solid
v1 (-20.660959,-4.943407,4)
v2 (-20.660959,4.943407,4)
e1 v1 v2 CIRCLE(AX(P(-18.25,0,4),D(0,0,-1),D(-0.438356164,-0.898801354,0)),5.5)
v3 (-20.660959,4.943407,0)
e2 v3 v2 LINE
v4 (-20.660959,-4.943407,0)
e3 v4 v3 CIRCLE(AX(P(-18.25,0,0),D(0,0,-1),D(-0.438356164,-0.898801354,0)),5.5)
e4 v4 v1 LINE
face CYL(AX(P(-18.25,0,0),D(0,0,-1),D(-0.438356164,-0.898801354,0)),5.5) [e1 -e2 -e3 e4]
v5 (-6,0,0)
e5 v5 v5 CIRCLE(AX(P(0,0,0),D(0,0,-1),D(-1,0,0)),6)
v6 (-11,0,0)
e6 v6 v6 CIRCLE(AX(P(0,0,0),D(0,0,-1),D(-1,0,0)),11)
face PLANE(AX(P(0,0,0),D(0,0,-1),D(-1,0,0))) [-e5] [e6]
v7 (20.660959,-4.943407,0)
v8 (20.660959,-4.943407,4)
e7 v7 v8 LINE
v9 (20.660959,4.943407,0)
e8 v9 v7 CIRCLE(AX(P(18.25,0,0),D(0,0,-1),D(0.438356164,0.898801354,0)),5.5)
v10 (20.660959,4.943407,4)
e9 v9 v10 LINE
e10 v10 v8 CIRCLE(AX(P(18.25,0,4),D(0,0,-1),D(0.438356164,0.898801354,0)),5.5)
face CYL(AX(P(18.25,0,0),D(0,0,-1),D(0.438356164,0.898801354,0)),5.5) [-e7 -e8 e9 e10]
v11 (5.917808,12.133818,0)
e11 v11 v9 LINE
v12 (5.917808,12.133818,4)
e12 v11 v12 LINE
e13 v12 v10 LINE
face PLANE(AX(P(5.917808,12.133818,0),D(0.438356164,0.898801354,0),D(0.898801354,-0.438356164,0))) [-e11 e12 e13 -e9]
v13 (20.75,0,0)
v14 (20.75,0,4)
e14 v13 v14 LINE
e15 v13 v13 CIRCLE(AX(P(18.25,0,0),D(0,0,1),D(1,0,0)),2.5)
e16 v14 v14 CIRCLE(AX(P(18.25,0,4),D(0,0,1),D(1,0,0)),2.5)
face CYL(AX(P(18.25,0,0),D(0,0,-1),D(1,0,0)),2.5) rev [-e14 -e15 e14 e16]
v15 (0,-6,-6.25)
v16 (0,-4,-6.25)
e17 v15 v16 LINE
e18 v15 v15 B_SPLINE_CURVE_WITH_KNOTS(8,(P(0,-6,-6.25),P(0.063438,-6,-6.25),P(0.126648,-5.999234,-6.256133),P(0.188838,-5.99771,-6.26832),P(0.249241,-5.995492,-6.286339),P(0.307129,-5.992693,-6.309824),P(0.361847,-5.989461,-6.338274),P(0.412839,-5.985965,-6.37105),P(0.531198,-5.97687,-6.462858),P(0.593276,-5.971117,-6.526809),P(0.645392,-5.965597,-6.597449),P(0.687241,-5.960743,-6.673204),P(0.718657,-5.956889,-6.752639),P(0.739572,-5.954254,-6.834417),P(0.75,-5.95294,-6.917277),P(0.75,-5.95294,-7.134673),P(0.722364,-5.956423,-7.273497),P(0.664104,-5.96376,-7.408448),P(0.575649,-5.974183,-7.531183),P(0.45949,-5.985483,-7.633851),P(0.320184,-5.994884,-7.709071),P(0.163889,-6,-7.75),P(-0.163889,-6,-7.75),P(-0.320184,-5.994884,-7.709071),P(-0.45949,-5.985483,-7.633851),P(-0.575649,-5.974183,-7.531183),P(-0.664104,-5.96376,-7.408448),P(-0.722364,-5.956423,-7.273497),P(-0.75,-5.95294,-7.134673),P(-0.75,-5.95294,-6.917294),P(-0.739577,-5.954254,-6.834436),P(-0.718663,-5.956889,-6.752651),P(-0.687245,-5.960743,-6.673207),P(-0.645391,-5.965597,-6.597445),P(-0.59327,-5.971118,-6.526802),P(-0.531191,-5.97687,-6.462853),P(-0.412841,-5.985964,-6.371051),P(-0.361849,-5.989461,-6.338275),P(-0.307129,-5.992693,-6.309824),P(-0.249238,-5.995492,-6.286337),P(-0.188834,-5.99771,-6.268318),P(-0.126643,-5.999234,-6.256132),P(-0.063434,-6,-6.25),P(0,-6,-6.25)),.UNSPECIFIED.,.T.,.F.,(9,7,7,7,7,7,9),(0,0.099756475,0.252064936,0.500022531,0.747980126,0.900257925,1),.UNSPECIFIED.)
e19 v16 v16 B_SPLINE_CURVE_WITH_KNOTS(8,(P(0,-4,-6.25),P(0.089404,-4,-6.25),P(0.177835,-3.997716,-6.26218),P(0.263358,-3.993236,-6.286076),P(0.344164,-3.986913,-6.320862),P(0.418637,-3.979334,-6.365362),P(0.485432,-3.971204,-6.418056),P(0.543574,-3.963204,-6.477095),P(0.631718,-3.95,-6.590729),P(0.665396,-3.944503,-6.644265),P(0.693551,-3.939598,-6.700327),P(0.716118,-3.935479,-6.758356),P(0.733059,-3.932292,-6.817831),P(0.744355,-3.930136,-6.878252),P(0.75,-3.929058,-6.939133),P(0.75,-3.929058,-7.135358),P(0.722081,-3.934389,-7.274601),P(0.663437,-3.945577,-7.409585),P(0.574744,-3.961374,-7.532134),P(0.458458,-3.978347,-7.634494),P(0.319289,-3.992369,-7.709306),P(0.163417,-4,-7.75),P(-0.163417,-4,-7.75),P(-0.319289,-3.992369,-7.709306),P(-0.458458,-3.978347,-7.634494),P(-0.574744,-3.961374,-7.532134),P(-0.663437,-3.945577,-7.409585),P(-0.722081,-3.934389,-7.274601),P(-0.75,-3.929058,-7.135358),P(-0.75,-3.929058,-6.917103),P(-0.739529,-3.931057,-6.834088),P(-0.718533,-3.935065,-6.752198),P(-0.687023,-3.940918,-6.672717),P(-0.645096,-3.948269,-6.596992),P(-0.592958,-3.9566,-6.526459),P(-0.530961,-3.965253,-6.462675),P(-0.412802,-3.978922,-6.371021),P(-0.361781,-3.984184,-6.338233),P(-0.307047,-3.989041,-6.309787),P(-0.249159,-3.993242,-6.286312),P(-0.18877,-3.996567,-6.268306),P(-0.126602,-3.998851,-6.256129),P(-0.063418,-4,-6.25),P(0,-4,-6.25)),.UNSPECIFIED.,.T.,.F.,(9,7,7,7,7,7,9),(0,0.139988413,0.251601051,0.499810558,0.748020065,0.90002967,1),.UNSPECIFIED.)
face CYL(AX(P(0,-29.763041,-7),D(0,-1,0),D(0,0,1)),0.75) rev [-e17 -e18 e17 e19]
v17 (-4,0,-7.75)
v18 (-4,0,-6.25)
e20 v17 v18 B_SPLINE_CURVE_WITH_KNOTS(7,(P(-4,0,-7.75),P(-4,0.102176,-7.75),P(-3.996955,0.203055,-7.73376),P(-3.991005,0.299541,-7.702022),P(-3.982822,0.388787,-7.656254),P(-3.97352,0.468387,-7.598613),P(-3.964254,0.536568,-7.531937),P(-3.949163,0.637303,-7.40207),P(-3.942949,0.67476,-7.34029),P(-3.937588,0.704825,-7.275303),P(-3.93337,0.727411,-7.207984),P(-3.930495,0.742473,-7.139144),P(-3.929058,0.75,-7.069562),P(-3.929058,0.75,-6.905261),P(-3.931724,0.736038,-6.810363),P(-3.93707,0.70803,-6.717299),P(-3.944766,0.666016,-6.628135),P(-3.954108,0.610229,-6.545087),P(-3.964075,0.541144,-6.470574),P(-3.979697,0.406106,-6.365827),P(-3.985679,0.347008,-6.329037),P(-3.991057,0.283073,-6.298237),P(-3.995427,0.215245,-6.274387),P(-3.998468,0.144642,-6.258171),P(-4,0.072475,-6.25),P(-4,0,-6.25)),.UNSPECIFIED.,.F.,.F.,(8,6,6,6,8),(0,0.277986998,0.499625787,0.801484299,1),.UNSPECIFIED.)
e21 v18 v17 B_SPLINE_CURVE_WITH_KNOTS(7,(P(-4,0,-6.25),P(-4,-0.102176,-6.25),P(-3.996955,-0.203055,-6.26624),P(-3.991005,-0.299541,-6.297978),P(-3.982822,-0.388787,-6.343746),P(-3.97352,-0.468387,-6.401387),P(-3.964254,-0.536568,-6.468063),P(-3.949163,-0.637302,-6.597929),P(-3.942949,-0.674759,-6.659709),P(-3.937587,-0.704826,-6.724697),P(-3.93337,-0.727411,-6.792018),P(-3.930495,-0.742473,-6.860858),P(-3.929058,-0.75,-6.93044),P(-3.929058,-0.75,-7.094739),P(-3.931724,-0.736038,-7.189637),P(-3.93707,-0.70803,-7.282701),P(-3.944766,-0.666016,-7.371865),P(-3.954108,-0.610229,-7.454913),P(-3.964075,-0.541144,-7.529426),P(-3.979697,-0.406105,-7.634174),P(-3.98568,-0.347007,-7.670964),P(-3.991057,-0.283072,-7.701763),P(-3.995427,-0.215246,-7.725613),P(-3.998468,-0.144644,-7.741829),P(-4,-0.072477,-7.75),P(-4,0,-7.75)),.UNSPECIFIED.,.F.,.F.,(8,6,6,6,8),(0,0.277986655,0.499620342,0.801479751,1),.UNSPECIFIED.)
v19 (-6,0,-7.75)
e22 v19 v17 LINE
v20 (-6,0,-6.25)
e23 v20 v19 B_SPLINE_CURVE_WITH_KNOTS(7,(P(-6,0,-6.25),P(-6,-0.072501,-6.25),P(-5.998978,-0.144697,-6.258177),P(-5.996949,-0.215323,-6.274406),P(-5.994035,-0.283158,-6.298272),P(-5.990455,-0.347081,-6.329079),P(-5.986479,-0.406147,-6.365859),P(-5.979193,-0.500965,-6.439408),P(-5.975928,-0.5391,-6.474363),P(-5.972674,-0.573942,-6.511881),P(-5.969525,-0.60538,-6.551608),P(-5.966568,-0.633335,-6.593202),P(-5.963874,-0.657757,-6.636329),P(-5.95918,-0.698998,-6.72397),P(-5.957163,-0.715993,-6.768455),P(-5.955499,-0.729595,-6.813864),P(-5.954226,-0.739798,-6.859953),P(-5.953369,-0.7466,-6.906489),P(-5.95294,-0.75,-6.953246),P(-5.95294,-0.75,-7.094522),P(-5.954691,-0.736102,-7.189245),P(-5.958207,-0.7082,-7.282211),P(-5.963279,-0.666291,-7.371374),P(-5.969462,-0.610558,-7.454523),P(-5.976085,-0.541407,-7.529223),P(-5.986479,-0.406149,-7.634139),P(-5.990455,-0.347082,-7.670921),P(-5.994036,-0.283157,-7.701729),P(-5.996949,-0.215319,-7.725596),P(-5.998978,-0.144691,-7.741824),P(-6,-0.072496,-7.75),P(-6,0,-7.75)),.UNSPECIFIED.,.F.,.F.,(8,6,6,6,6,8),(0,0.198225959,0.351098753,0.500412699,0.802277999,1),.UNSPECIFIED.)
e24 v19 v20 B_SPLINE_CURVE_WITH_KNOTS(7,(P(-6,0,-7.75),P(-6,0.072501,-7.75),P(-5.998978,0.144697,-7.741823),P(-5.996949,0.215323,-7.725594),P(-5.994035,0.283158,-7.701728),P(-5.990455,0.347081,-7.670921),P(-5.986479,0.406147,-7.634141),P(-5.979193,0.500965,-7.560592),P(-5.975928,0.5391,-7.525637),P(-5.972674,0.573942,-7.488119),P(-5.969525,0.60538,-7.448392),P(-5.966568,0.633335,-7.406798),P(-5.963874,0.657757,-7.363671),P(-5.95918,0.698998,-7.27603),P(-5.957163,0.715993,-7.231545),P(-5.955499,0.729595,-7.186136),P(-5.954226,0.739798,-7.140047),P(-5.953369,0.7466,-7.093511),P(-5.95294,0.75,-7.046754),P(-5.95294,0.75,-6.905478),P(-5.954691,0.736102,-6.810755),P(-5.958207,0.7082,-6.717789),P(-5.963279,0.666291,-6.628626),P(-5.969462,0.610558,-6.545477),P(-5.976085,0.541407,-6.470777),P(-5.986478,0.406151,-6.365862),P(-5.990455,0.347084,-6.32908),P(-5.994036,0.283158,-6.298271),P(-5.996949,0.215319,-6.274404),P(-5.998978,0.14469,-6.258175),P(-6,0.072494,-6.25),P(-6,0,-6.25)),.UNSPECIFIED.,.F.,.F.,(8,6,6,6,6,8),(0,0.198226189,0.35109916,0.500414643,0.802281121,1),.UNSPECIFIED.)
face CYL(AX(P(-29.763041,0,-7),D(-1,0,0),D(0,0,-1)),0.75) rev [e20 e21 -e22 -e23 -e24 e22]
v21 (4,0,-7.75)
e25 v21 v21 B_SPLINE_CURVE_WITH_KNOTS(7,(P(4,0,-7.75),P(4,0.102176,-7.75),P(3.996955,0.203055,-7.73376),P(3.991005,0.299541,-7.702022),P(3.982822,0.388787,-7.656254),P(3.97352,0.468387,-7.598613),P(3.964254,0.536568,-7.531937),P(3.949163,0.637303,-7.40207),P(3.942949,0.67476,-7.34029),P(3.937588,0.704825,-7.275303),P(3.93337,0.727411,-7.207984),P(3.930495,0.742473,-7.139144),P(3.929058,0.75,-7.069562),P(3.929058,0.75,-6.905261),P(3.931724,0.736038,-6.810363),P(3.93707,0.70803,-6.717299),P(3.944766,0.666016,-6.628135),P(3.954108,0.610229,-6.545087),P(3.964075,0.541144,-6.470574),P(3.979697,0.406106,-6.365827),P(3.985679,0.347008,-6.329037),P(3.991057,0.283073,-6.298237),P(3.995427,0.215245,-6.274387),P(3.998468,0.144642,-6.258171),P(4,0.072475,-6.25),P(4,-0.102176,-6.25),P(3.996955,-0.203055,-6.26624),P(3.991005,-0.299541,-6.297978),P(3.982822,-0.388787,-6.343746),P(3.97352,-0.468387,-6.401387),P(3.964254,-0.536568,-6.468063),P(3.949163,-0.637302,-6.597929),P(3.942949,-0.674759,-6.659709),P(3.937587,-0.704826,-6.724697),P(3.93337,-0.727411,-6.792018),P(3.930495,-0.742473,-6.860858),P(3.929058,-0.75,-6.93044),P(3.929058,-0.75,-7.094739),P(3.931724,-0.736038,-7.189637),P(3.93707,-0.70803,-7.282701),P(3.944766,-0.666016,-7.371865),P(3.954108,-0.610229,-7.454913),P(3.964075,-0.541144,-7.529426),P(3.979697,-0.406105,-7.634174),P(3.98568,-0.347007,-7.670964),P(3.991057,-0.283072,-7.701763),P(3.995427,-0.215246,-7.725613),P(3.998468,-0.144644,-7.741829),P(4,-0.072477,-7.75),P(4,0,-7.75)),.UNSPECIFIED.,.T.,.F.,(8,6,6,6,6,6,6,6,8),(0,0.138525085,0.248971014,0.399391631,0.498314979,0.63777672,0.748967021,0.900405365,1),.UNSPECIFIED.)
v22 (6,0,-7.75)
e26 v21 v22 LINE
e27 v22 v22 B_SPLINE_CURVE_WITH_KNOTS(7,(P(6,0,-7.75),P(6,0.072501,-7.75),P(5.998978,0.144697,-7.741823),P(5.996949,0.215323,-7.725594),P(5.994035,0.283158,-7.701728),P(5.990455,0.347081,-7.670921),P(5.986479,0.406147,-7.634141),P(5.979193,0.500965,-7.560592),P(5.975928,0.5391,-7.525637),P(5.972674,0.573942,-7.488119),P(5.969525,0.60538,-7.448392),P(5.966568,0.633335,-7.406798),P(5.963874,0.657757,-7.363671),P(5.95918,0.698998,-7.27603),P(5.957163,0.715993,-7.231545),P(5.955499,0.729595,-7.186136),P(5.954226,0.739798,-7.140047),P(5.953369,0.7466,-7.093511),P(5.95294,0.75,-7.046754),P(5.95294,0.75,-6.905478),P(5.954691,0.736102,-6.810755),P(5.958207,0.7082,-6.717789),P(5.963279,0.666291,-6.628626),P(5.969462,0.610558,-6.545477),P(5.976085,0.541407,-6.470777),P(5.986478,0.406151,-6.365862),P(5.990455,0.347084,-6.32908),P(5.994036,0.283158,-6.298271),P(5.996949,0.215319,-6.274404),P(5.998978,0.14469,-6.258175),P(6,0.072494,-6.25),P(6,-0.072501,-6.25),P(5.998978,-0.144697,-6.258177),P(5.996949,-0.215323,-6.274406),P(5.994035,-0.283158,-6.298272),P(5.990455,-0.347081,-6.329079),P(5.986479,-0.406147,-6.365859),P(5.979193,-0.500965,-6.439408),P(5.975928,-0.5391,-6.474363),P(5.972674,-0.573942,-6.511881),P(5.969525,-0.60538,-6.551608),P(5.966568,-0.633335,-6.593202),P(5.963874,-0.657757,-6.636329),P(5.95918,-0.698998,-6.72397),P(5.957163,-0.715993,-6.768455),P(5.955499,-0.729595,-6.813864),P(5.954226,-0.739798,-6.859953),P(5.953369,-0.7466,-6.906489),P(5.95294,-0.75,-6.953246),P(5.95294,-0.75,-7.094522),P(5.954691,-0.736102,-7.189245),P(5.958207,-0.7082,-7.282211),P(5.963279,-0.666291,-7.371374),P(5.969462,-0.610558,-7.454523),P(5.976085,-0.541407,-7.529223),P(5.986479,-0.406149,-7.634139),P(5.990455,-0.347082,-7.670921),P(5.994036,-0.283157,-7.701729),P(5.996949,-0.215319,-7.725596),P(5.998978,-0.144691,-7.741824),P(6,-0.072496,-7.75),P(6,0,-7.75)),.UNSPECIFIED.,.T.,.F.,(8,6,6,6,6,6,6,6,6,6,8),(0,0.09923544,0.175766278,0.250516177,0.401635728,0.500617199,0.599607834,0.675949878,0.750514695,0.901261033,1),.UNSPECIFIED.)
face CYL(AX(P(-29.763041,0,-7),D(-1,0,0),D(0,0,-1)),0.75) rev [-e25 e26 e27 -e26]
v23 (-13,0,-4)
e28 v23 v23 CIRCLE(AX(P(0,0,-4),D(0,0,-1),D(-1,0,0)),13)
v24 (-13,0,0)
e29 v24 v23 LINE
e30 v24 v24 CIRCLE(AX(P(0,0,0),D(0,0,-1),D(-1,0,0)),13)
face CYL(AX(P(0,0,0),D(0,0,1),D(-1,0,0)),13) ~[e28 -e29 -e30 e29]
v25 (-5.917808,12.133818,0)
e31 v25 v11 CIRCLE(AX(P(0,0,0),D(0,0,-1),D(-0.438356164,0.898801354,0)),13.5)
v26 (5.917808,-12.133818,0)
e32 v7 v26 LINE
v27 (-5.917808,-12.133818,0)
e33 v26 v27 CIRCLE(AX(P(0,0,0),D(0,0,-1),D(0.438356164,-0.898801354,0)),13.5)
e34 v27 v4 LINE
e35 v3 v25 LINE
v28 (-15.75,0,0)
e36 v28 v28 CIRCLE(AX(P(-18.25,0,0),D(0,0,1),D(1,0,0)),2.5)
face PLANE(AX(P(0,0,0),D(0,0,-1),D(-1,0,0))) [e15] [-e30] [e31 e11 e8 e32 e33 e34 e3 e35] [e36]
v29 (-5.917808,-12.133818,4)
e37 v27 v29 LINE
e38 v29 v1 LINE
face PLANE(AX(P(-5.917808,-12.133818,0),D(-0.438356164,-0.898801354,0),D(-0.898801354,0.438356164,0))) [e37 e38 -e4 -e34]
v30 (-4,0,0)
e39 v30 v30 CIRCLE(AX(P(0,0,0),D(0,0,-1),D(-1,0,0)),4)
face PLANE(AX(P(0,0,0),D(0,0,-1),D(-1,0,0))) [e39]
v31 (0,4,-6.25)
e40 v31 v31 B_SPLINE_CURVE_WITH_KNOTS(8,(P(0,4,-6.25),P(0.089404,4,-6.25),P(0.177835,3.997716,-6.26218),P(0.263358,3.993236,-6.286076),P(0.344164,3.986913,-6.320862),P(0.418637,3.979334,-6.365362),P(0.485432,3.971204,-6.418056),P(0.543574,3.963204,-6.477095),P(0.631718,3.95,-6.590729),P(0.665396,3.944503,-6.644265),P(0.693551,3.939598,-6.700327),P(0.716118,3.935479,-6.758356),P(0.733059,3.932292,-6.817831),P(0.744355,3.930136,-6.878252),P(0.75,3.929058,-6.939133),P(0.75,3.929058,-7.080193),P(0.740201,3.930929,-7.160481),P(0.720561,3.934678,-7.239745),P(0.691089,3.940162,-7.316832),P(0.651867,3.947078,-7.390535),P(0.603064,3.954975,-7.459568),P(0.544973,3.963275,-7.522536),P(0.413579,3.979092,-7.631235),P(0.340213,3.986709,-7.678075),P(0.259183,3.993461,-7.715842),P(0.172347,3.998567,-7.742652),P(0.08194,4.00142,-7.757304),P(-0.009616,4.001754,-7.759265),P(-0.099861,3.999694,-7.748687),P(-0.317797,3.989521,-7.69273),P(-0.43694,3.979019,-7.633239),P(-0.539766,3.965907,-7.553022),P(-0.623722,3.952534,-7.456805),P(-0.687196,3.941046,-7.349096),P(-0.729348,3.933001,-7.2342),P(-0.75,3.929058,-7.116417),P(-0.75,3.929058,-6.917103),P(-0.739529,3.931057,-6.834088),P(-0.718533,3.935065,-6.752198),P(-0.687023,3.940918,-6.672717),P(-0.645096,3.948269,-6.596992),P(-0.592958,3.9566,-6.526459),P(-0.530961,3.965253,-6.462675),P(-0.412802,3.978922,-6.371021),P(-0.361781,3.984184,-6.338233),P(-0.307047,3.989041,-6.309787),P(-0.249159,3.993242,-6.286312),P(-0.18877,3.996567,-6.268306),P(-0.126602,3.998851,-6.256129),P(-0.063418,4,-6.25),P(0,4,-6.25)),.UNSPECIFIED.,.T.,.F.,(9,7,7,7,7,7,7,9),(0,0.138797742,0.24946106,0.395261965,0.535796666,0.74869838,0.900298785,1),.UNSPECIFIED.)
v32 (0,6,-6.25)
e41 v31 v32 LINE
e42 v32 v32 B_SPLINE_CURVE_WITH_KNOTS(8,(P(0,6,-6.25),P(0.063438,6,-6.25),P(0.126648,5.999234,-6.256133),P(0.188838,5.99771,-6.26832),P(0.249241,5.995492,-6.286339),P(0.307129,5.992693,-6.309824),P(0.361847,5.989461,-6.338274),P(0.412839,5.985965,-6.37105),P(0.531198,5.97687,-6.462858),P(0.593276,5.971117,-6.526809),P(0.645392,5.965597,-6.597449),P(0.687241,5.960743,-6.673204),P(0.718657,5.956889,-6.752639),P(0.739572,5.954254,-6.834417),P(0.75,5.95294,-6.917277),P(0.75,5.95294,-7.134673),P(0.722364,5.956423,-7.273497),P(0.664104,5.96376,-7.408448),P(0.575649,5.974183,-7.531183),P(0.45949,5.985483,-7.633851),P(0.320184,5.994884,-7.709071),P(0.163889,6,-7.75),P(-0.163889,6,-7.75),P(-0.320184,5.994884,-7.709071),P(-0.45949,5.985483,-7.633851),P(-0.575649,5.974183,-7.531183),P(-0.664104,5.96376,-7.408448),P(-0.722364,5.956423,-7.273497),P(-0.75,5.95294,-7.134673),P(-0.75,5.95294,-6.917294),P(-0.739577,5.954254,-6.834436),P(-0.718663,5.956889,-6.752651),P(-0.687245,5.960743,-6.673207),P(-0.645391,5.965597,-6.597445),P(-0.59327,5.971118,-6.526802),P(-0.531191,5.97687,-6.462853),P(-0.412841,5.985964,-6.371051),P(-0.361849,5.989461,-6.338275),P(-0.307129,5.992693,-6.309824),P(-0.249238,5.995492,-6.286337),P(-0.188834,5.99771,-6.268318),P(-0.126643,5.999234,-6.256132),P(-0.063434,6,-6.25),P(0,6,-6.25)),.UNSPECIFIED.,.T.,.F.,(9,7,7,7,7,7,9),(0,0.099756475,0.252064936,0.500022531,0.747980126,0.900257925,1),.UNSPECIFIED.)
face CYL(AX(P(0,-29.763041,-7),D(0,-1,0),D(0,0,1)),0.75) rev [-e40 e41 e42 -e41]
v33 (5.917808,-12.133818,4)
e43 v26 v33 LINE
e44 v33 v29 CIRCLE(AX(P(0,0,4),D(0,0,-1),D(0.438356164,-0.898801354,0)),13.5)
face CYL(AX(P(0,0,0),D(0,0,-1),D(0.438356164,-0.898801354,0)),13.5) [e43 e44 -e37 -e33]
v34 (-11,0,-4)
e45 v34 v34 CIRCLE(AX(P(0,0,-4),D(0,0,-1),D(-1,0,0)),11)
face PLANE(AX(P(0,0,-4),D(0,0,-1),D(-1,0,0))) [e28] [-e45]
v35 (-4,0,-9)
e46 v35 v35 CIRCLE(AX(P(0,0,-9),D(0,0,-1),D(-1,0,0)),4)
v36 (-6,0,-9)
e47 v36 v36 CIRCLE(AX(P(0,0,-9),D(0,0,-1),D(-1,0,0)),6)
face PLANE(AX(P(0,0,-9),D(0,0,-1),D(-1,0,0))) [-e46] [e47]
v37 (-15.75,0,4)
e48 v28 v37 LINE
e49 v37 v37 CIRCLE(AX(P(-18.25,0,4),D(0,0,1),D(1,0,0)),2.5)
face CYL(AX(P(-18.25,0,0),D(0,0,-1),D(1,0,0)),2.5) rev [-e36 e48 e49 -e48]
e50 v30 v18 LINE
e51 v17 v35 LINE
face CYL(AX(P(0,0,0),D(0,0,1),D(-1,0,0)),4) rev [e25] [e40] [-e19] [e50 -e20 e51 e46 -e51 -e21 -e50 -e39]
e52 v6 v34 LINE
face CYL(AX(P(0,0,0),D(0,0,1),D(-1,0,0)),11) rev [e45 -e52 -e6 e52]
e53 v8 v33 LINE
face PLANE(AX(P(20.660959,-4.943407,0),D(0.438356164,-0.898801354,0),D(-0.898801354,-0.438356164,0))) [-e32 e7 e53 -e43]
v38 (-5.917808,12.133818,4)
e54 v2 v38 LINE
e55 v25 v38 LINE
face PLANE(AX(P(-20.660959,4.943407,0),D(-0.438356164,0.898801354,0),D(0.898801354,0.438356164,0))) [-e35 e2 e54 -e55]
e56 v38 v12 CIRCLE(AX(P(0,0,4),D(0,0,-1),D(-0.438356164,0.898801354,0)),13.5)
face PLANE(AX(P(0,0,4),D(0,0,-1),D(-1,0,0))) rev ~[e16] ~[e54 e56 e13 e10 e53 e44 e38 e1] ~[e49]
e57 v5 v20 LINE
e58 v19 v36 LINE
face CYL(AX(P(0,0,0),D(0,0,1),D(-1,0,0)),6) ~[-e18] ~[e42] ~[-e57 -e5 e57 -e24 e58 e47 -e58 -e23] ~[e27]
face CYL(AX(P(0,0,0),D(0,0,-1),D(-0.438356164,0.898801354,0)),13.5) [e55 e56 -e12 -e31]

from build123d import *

# Parameters (mm, degrees)
SKETCH1_R               = 2.5
BOSS_EXTRUDE1_DEPTH     = 4
SKETCH2_R               = 13
SKETCH2_R_2             = 11
EXTRUDE_THIN1_DEPTH     = 4
SKETCH3_R               = 6
SKETCH3_R_2             = 4
EXTRUDE_THIN2_DEPTH     = 9
CUT_EXTRUDE1_DEPTH      = 29.763040521
CUT_EXTRUDE1_DEPTH_BACK = 29.763040521
SKETCH4_R               = 0.75
CUT_EXTRUDE2_DEPTH      = 29.763040552
CUT_EXTRUDE2_DEPTH_BACK = 29.763040552
SKETCH5_R               = 0.75


with BuildPart() as part:
    # Sketch1 → Boss-Extrude1 (new body)
    with BuildSketch(Plane.XY):
        with BuildLine():
            Line((-20.660958904, 4.943407445), (-5.917808219, 12.133818273))
            ThreePointArc((-5.917808219, 12.133818273), (0, 13.5), (5.917808219, 12.133818273))
            Line((5.917808219, 12.133818273), (20.660958904, 4.943407445))
            ThreePointArc((20.660958904, 4.943407445), (23.75, 0), (20.660958904, -4.943407445))
            Line((20.660958904, -4.943407445), (5.917808219, -12.133818273))
            ThreePointArc((5.917808219, -12.133818273), (0, -13.5), (-5.917808219, -12.133818273))
            Line((-5.917808219, -12.133818273), (-20.660958904, -4.943407445))
            ThreePointArc((-20.660958904, -4.943407445), (-23.75, 0), (-20.660958904, 4.943407445))
        make_face()
        with Locations((-18.25, 0)):
            Circle(SKETCH1_R, mode=Mode.SUBTRACT)
        with Locations((18.25, 0)):
            Circle(SKETCH1_R, mode=Mode.SUBTRACT)
    extrude(amount=BOSS_EXTRUDE1_DEPTH)

    # Sketch2 → Extrude-Thin1 (add)
    with BuildSketch(Plane(origin=(0, 0, 0), x_dir=(-1, 0, 0), z_dir=(0, 0, -1))):
        Circle(SKETCH2_R)
        Circle(SKETCH2_R_2, mode=Mode.SUBTRACT)
    extrude(amount=EXTRUDE_THIN1_DEPTH)

    # Sketch3 → Extrude-Thin2 (add)
    with BuildSketch(Plane(origin=(0, 0, 0), x_dir=(-1, 0, 0), z_dir=(0, 0, -1))):
        Circle(SKETCH3_R)
        Circle(SKETCH3_R_2, mode=Mode.SUBTRACT)
    extrude(amount=EXTRUDE_THIN2_DEPTH)

    # Sketch4 → Cut-Extrude1 (cut, two sides: drawn at the far end of the back side and taken through both)
    with BuildSketch(Plane(origin=(0, 0, 0), x_dir=(0, 0, -1), z_dir=(1, 0, 0)).offset(-CUT_EXTRUDE1_DEPTH_BACK)):
        with Locations((7, 0)):
            Circle(SKETCH4_R)
    extrude(amount=CUT_EXTRUDE1_DEPTH + CUT_EXTRUDE1_DEPTH_BACK, mode=Mode.SUBTRACT)

    # Sketch5 → Cut-Extrude2 (cut, two sides: drawn at the far end of the back side and taken through both)
    with BuildSketch(Plane(origin=(0, 0, 0), x_dir=(1, 0, 0), z_dir=(0, 1, 0)).offset(-CUT_EXTRUDE2_DEPTH_BACK)):
        with Locations(Location((0, 7, 0), (0, 0, 270))):
            Circle(SKETCH5_R)
    extrude(amount=CUT_EXTRUDE2_DEPTH + CUT_EXTRUDE2_DEPTH_BACK, mode=Mode.SUBTRACT)


solid = part.part
